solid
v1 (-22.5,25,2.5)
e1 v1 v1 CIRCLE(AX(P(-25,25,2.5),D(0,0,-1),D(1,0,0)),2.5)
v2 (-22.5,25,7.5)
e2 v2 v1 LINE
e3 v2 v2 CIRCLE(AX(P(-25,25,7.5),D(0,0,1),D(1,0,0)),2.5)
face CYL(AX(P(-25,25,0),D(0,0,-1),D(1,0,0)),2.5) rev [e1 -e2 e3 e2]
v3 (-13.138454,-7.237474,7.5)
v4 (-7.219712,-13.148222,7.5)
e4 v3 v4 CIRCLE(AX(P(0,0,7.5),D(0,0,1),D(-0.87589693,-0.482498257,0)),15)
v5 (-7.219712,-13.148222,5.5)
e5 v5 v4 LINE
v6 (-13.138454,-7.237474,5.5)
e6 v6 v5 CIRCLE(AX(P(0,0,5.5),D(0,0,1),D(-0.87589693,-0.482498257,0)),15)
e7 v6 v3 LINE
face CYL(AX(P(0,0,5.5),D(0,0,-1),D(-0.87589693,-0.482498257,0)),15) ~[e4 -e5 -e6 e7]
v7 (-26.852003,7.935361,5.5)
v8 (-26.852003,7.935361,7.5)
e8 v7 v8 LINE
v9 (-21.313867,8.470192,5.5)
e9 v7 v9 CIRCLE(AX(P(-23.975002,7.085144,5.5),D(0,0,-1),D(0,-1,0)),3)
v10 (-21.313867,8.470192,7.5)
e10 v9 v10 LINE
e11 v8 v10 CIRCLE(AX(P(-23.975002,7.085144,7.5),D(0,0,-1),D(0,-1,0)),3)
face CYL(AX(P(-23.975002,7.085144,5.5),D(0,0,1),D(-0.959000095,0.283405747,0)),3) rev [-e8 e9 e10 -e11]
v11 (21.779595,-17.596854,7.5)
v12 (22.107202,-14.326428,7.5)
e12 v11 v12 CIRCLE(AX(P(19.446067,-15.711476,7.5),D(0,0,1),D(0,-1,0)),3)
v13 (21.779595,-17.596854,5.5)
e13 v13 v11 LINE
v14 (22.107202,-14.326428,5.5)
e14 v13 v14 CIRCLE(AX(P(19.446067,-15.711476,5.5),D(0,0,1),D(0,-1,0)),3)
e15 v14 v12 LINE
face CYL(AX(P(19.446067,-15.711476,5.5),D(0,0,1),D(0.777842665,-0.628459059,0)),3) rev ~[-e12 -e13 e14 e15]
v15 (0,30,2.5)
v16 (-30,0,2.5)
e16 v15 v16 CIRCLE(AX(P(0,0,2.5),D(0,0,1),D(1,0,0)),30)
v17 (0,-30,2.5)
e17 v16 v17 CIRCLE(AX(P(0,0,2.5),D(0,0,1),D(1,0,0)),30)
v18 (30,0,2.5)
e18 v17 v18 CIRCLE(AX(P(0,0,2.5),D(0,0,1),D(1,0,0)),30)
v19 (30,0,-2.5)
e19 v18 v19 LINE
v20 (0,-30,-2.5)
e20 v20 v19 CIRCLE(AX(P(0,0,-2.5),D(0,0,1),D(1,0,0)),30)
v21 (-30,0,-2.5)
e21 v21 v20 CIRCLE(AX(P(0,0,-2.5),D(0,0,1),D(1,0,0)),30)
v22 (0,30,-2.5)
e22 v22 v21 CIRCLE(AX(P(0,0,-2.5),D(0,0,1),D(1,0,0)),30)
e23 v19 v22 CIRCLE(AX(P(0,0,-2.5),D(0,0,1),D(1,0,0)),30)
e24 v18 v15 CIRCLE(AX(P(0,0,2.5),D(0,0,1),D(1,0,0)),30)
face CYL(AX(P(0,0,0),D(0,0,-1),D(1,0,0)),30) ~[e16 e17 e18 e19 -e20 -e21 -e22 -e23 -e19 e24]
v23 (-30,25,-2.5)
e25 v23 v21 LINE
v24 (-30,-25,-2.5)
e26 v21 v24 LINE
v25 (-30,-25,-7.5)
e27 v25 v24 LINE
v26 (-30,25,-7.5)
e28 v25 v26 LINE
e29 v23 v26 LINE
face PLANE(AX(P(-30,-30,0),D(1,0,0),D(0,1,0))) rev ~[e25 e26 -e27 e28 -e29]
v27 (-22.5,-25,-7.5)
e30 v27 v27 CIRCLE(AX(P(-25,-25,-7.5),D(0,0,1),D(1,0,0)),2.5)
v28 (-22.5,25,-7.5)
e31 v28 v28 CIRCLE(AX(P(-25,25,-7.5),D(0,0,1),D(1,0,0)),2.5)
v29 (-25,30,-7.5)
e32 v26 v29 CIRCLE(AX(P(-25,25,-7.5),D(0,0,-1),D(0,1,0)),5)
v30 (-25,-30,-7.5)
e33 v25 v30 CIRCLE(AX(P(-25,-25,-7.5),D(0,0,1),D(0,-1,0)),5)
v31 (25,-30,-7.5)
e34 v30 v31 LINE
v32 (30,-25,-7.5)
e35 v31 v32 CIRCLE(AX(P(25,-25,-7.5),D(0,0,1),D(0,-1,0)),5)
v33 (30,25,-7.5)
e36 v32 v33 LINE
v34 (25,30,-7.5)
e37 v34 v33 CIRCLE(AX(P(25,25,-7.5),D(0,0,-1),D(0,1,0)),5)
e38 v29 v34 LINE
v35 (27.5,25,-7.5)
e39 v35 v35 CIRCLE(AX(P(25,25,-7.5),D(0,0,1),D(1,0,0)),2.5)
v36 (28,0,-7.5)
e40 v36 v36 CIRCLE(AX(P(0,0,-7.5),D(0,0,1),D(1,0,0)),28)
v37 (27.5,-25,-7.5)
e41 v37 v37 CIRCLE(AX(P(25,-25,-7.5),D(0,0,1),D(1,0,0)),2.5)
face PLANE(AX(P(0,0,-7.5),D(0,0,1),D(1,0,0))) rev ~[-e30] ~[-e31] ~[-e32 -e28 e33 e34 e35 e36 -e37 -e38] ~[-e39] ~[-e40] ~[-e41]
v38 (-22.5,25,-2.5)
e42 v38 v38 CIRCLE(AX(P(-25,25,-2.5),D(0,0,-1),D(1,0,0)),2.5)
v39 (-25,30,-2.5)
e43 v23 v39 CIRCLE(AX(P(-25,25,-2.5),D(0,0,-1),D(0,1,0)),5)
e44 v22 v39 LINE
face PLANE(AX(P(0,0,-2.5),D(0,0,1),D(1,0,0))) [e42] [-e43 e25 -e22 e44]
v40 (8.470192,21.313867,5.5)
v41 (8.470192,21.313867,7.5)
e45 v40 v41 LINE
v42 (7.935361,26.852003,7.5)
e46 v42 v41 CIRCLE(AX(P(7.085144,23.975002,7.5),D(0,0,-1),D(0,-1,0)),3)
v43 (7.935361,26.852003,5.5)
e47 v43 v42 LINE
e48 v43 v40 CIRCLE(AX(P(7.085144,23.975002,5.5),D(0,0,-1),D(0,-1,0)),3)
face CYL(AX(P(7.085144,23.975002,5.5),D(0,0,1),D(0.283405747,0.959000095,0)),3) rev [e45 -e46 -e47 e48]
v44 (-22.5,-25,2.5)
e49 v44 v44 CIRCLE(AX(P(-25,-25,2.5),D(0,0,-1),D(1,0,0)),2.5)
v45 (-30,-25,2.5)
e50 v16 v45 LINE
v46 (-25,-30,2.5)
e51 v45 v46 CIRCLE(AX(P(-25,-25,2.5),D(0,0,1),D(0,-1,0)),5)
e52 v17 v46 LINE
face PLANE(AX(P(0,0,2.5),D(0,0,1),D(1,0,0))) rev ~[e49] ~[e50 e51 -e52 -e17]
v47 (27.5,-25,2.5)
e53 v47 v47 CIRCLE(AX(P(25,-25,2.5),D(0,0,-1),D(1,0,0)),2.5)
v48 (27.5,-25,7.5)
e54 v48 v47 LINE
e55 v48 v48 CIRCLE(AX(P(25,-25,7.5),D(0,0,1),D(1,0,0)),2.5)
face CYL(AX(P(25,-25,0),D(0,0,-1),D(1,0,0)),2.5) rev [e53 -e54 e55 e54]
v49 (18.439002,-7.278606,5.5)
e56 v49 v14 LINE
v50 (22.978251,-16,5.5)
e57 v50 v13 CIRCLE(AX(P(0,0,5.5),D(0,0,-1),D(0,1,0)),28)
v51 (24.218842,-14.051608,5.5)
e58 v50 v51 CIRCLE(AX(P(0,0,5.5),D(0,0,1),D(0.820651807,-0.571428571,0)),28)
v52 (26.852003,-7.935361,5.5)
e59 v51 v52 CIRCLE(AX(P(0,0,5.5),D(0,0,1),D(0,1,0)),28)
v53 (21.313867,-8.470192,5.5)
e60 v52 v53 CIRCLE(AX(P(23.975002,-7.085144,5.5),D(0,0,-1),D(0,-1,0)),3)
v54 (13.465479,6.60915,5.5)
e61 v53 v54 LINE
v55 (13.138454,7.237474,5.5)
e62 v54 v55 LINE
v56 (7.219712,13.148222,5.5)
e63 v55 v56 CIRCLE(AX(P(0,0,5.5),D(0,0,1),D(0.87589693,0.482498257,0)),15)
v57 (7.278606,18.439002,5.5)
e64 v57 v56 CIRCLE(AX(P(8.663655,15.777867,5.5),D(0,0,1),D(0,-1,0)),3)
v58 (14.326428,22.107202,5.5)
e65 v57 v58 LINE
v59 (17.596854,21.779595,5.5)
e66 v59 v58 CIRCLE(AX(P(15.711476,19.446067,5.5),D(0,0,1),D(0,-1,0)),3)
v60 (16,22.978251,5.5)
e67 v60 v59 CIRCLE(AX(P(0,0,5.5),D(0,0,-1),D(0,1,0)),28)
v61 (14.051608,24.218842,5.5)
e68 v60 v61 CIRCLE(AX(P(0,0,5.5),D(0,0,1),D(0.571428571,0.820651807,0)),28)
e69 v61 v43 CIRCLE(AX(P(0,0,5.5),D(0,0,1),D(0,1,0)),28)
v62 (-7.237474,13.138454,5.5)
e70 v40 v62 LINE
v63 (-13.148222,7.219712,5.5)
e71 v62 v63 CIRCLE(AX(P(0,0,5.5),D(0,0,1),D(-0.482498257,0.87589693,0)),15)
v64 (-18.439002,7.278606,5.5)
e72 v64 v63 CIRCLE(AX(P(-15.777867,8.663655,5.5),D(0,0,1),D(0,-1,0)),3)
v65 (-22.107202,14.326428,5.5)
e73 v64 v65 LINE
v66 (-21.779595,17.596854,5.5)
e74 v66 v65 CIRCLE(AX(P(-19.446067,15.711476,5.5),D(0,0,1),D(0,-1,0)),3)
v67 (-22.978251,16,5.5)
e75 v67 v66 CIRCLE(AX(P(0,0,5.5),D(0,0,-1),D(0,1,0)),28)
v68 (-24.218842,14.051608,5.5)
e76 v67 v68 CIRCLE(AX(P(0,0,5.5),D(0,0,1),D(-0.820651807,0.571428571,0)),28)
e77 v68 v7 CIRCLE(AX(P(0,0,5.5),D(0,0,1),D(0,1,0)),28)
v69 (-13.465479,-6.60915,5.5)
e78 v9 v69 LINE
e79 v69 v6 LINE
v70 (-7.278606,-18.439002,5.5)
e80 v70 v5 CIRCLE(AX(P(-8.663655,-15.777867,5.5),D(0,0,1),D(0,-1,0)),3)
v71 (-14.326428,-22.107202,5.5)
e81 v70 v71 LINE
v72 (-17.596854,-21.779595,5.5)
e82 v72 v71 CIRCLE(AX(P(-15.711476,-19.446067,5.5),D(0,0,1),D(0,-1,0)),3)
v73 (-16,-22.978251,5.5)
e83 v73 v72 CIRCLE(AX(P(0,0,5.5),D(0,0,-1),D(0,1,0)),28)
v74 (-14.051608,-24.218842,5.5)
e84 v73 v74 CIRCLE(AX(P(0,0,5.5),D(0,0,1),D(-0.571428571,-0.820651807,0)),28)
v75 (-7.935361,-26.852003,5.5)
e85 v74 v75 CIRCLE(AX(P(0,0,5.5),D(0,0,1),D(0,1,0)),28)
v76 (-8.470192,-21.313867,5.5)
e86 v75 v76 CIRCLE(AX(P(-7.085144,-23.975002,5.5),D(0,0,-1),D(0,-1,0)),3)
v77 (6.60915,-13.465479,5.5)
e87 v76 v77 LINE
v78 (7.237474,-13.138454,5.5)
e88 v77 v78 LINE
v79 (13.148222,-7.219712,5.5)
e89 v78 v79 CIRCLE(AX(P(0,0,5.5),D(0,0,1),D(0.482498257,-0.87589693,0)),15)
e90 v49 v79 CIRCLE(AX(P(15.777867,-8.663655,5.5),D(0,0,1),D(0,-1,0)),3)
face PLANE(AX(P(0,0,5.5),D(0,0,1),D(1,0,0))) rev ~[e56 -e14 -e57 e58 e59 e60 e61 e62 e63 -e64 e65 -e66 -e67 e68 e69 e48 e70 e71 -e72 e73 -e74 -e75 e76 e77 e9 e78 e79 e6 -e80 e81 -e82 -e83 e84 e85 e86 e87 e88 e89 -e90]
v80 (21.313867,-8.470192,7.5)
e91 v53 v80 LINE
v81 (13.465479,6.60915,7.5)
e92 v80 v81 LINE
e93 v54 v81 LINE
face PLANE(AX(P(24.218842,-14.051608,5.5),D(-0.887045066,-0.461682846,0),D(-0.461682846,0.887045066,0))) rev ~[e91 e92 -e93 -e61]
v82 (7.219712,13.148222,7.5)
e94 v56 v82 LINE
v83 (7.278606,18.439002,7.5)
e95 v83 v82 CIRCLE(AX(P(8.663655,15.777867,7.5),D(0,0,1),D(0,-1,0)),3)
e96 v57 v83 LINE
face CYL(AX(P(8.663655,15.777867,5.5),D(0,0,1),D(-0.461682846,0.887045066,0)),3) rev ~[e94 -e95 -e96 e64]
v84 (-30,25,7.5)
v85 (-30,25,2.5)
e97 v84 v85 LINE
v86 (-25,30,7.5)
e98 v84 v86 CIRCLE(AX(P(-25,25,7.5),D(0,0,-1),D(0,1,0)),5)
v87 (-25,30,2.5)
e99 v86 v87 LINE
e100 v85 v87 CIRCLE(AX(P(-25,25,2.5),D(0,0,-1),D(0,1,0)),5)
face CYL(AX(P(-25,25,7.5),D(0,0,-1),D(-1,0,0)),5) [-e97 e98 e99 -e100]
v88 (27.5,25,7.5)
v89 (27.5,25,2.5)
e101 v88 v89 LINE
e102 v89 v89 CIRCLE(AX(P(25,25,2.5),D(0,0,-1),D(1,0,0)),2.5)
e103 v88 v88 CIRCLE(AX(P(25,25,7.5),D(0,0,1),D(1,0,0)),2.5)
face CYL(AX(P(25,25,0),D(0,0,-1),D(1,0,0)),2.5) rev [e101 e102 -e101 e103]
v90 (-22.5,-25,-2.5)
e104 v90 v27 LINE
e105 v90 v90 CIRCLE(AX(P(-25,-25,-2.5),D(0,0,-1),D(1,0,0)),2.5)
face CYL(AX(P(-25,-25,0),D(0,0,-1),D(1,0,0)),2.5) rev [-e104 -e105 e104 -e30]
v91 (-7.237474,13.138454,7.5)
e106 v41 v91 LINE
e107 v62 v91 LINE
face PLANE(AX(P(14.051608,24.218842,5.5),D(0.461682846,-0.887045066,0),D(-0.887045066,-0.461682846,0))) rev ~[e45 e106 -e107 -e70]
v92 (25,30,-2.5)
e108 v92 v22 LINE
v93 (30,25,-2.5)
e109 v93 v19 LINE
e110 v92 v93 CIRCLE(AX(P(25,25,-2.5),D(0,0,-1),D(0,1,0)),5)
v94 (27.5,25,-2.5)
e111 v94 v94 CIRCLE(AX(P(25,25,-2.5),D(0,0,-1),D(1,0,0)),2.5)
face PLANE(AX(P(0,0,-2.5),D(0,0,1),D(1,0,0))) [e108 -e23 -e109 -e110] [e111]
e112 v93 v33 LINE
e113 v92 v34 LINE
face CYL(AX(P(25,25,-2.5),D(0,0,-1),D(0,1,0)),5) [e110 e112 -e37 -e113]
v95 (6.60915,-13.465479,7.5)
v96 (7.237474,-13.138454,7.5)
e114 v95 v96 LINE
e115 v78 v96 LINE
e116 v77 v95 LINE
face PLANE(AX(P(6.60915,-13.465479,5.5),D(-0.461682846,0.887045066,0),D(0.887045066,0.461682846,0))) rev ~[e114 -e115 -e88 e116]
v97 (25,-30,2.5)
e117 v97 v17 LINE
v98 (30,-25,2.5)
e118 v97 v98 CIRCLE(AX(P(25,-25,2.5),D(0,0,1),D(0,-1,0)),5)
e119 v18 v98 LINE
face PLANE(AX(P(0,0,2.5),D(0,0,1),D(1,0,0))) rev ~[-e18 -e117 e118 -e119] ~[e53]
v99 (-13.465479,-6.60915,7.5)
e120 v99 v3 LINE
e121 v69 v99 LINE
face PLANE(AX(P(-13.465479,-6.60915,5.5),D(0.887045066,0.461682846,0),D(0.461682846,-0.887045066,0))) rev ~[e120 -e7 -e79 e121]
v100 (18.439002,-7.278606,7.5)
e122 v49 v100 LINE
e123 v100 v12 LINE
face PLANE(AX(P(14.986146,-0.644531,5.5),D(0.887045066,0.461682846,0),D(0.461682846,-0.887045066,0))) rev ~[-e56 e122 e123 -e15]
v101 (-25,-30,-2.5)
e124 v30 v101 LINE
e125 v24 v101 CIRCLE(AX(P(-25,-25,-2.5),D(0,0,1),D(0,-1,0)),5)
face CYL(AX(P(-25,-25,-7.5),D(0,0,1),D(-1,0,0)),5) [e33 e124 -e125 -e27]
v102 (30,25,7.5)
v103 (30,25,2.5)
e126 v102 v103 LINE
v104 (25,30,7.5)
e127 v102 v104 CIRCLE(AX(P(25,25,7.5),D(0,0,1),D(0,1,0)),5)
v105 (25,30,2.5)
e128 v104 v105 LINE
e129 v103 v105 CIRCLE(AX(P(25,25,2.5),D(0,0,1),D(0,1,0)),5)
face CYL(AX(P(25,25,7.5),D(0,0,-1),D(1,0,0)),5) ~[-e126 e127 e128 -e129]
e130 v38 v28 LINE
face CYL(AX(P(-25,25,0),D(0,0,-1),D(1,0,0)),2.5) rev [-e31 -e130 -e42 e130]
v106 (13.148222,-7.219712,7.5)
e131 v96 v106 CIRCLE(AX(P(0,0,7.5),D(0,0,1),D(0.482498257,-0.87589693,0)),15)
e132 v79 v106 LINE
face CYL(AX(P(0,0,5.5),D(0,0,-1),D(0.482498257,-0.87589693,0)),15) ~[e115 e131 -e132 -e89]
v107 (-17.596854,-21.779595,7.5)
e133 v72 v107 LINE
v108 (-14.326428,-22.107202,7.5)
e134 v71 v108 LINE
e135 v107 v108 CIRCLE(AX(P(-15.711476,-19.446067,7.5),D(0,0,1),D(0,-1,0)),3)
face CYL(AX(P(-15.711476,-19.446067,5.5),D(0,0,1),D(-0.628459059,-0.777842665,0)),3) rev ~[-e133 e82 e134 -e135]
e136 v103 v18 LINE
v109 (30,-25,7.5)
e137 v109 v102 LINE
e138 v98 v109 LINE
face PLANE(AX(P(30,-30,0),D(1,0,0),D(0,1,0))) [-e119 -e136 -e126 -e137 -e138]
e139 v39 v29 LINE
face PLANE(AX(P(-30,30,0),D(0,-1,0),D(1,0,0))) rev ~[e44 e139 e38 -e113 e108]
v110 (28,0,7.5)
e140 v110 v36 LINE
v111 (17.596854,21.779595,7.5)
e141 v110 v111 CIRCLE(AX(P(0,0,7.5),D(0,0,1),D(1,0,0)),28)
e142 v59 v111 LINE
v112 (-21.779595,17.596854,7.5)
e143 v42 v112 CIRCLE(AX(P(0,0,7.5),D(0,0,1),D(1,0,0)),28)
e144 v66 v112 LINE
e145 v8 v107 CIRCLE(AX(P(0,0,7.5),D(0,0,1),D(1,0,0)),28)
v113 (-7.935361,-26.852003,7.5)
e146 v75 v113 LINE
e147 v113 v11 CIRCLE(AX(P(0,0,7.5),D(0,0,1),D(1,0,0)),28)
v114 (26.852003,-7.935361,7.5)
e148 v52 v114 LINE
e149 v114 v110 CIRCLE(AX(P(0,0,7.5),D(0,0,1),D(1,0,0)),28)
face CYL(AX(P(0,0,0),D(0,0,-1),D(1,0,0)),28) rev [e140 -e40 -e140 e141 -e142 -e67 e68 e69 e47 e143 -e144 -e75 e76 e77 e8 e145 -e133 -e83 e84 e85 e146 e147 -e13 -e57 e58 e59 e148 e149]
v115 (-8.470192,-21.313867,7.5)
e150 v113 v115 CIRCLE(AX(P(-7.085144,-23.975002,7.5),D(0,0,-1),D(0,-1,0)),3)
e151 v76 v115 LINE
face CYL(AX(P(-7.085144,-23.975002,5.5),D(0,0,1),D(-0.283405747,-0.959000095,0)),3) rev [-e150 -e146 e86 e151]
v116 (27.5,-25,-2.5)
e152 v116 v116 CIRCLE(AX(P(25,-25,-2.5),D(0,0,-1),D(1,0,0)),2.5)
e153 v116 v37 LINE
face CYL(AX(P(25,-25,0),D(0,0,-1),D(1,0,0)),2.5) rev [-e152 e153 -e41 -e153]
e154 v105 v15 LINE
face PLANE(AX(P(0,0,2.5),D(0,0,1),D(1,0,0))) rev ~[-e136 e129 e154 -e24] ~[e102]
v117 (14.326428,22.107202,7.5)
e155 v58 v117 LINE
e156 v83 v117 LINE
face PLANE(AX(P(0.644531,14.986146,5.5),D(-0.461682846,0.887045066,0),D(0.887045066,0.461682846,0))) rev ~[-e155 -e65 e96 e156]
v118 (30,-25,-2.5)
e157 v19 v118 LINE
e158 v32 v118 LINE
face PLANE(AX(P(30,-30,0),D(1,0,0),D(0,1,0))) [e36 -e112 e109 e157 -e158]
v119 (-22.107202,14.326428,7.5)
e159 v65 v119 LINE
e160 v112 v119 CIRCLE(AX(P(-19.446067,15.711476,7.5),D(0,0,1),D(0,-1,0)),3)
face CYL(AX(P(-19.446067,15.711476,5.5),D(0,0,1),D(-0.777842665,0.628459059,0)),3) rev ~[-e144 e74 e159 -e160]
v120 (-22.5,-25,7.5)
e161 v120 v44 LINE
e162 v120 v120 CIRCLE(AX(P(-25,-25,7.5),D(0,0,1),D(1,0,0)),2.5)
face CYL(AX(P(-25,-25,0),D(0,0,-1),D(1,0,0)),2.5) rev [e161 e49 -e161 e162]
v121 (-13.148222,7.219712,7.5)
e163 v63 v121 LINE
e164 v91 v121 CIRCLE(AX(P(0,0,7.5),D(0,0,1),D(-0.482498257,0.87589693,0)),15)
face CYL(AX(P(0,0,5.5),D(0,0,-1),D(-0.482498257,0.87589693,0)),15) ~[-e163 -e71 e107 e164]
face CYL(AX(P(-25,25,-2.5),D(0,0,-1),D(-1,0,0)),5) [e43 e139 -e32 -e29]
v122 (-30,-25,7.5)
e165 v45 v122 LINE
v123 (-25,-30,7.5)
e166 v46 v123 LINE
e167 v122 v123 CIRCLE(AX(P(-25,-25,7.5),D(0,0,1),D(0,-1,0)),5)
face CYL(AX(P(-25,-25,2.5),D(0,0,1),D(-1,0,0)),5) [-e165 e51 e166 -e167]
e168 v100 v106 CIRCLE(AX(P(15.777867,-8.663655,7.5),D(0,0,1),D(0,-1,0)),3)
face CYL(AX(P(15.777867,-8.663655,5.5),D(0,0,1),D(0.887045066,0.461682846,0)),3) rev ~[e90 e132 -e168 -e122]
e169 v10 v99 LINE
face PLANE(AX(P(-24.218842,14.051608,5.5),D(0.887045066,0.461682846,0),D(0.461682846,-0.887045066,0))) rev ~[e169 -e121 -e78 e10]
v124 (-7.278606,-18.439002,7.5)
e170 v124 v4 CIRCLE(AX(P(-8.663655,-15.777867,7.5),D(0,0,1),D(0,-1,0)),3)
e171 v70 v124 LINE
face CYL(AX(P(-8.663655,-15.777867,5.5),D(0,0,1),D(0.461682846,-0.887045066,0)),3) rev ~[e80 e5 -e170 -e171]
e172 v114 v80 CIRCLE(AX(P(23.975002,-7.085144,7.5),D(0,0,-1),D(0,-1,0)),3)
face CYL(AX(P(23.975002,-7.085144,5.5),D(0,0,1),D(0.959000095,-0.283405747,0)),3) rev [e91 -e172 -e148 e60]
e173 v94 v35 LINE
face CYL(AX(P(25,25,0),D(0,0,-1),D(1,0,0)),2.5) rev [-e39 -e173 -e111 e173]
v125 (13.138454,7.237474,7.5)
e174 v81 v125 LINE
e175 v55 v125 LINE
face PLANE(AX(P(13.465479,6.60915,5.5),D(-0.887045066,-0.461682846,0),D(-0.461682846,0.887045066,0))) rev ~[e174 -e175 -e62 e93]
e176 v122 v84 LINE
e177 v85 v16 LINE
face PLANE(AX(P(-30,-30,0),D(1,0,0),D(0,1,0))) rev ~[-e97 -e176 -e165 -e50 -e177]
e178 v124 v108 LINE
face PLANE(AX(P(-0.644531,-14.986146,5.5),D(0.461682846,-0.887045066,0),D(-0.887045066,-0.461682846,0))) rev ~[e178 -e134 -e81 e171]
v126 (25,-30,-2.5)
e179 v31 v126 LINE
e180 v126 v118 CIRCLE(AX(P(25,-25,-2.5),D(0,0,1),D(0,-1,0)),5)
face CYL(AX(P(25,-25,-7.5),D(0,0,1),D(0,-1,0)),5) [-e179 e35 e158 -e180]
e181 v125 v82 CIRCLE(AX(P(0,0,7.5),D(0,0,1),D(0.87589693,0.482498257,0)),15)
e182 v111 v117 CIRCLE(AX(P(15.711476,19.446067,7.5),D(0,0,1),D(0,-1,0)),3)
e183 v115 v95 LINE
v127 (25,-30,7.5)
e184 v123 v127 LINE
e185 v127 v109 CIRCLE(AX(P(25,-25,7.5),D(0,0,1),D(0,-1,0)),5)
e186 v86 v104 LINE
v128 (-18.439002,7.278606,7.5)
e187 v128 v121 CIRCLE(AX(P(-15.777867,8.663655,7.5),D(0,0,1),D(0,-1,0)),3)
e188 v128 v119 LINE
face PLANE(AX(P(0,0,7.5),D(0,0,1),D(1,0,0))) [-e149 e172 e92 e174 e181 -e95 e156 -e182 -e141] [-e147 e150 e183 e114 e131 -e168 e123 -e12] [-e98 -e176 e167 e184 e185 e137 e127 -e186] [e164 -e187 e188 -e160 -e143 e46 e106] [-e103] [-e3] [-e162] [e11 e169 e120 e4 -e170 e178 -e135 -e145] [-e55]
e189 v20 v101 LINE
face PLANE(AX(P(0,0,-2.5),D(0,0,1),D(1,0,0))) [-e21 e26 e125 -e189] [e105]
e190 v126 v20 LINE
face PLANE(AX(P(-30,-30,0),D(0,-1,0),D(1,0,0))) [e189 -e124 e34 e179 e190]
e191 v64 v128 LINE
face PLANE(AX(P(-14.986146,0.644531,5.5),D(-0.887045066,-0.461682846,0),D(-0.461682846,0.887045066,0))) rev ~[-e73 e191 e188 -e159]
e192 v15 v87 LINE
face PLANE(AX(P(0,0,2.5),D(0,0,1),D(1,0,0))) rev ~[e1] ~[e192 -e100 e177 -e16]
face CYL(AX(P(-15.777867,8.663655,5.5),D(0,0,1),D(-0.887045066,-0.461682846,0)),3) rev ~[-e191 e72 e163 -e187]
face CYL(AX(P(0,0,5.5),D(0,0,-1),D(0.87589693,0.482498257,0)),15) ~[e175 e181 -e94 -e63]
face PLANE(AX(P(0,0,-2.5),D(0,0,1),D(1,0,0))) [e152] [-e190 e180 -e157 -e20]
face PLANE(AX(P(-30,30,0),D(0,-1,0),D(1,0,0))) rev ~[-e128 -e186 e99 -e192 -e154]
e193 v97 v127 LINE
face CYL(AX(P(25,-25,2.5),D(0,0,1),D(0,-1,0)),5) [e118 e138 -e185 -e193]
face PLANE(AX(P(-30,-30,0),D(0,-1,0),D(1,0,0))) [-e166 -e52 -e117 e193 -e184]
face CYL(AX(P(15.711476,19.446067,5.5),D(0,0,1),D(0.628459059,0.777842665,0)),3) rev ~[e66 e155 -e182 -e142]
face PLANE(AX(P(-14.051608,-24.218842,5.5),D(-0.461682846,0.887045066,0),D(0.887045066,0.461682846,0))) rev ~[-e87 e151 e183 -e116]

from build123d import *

# Parameters (mm, degrees)
SKETCH1_W           = 60
SKETCH1_H           = 60
SKETCH1_R           = 28
SKETCH1_R_2         = 2.5
BOSS_EXTRUDE1_DEPTH = 7.5
SKETCH2_W           = 83.422483418
SKETCH2_H           = 79.797227822
SKETCH2_R           = 30
CUT_EXTRUDE1_DEPTH  = 2.5
BOSS_EXTRUDE2_START = -2
BOSS_EXTRUDE2_DEPTH = 2
FILLET1_R           = 3
FILLET2_R           = 5


with BuildPart() as part:
    # Sketch1 → Boss-Extrude1 (new, symmetric)
    with BuildSketch(Plane.XY):
        Rectangle(SKETCH1_W, SKETCH1_H)
        Circle(SKETCH1_R, mode=Mode.SUBTRACT)
        with Locations((25, 25)):
            Circle(SKETCH1_R_2, mode=Mode.SUBTRACT)
        with Locations((-25, 25)):
            Circle(SKETCH1_R_2, mode=Mode.SUBTRACT)
        with Locations((-25, -25)):
            Circle(SKETCH1_R_2, mode=Mode.SUBTRACT)
        with Locations((25, -25)):
            Circle(SKETCH1_R_2, mode=Mode.SUBTRACT)
    extrude(amount=BOSS_EXTRUDE1_DEPTH, both=True)

    # Sketch2 → Cut-Extrude1 (cut, symmetric)
    with BuildSketch(Plane.XY):
        Rectangle(SKETCH2_W, SKETCH2_H)
        Circle(SKETCH2_R, mode=Mode.SUBTRACT)
    extrude(amount=CUT_EXTRUDE1_DEPTH, both=True, mode=Mode.SUBTRACT)

    # Sketch3 → Boss-Extrude2 (add)
    with BuildSketch(Plane.XY.offset(7.5).offset(BOSS_EXTRUDE2_START)):
        with BuildLine():
            Line((14.986146269, -0.644530834), (22.978250586, -16))
            ThreePointArc((22.978250586, -16), (23.61864626, -15.038601957), (24.218842251, -14.051607738))
            Line((24.218842251, -14.051607738), (13.465479299, 6.609150267))
            Line((13.465479299, 6.609150267), (13.13845395, 7.237473855))
            ThreePointArc((13.13845395, 7.237473855), (7.905893272, 12.747425292), (0.644530834, 14.986146269))
            Line((0.644530834, 14.986146269), (16, 22.978250586))
            ThreePointArc((16, 22.978250586), (15.038601957, 23.61864626), (14.051607738, 24.218842251))
            Line((14.051607738, 24.218842251), (-7.237473855, 13.13845395))
            ThreePointArc((-7.237473855, 13.13845395), (-12.747425292, 7.905893272), (-14.986146269, 0.644530834))
            Line((-14.986146269, 0.644530834), (-22.978250586, 16))
            ThreePointArc((-22.978250586, 16), (-23.61864626, 15.038601957), (-24.218842251, 14.051607738))
            Line((-24.218842251, 14.051607738), (-13.465479299, -6.609150267))
            Line((-13.465479299, -6.609150267), (-13.13845395, -7.237473855))
            ThreePointArc((-13.13845395, -7.237473855), (-7.905893272, -12.747425292), (-0.644530834, -14.986146269))
            Line((-0.644530834, -14.986146269), (-16, -22.978250586))
            ThreePointArc((-16, -22.978250586), (-15.038601957, -23.61864626), (-14.051607738, -24.218842251))
            Line((-14.051607738, -24.218842251), (6.609150267, -13.465479299))
            Line((6.609150267, -13.465479299), (7.237473855, -13.13845395))
            ThreePointArc((7.237473855, -13.13845395), (12.747425292, -7.905893272), (14.986146269, -0.644530834))
        make_face()
    extrude(amount=BOSS_EXTRUDE2_DEPTH)

    # Fillet1
    fillet1_edges = [part.edges().sort_by_distance(p)[0] for p in [
        (24.218842251, -14.051607738, 6.5),
        (22.978250586, -16, 6.5),
        (14.986146269, -0.644530834, 6.5),
        (-14.051607738, -24.218842251, 6.5),
        (-16, -22.978250586, 6.5),
        (-0.644530834, -14.986146269, 6.5),
        (-24.218842251, 14.051607738, 6.5),
        (-22.978250586, 16, 6.5),
        (-14.986146269, 0.644530834, 6.5),
        (14.051607738, 24.218842251, 6.5),
        (16, 22.978250586, 6.5),
        (0.644530834, 14.986146269, 6.5),
    ]]
    fillet(fillet1_edges, radius=FILLET1_R)

    # Fillet2
    fillet2_edges = [part.edges().sort_by_distance(p)[0] for p in [
        (30, -30, -5),
        (-30, -30, -5),
        (-30, 30, -5),
        (30, 30, -5),
        (30, -30, 5),
        (-30, -30, 5),
        (-30, 30, 5),
        (30, 30, 5),
    ]]
    fillet(fillet2_edges, radius=FILLET2_R)


solid = part.part
